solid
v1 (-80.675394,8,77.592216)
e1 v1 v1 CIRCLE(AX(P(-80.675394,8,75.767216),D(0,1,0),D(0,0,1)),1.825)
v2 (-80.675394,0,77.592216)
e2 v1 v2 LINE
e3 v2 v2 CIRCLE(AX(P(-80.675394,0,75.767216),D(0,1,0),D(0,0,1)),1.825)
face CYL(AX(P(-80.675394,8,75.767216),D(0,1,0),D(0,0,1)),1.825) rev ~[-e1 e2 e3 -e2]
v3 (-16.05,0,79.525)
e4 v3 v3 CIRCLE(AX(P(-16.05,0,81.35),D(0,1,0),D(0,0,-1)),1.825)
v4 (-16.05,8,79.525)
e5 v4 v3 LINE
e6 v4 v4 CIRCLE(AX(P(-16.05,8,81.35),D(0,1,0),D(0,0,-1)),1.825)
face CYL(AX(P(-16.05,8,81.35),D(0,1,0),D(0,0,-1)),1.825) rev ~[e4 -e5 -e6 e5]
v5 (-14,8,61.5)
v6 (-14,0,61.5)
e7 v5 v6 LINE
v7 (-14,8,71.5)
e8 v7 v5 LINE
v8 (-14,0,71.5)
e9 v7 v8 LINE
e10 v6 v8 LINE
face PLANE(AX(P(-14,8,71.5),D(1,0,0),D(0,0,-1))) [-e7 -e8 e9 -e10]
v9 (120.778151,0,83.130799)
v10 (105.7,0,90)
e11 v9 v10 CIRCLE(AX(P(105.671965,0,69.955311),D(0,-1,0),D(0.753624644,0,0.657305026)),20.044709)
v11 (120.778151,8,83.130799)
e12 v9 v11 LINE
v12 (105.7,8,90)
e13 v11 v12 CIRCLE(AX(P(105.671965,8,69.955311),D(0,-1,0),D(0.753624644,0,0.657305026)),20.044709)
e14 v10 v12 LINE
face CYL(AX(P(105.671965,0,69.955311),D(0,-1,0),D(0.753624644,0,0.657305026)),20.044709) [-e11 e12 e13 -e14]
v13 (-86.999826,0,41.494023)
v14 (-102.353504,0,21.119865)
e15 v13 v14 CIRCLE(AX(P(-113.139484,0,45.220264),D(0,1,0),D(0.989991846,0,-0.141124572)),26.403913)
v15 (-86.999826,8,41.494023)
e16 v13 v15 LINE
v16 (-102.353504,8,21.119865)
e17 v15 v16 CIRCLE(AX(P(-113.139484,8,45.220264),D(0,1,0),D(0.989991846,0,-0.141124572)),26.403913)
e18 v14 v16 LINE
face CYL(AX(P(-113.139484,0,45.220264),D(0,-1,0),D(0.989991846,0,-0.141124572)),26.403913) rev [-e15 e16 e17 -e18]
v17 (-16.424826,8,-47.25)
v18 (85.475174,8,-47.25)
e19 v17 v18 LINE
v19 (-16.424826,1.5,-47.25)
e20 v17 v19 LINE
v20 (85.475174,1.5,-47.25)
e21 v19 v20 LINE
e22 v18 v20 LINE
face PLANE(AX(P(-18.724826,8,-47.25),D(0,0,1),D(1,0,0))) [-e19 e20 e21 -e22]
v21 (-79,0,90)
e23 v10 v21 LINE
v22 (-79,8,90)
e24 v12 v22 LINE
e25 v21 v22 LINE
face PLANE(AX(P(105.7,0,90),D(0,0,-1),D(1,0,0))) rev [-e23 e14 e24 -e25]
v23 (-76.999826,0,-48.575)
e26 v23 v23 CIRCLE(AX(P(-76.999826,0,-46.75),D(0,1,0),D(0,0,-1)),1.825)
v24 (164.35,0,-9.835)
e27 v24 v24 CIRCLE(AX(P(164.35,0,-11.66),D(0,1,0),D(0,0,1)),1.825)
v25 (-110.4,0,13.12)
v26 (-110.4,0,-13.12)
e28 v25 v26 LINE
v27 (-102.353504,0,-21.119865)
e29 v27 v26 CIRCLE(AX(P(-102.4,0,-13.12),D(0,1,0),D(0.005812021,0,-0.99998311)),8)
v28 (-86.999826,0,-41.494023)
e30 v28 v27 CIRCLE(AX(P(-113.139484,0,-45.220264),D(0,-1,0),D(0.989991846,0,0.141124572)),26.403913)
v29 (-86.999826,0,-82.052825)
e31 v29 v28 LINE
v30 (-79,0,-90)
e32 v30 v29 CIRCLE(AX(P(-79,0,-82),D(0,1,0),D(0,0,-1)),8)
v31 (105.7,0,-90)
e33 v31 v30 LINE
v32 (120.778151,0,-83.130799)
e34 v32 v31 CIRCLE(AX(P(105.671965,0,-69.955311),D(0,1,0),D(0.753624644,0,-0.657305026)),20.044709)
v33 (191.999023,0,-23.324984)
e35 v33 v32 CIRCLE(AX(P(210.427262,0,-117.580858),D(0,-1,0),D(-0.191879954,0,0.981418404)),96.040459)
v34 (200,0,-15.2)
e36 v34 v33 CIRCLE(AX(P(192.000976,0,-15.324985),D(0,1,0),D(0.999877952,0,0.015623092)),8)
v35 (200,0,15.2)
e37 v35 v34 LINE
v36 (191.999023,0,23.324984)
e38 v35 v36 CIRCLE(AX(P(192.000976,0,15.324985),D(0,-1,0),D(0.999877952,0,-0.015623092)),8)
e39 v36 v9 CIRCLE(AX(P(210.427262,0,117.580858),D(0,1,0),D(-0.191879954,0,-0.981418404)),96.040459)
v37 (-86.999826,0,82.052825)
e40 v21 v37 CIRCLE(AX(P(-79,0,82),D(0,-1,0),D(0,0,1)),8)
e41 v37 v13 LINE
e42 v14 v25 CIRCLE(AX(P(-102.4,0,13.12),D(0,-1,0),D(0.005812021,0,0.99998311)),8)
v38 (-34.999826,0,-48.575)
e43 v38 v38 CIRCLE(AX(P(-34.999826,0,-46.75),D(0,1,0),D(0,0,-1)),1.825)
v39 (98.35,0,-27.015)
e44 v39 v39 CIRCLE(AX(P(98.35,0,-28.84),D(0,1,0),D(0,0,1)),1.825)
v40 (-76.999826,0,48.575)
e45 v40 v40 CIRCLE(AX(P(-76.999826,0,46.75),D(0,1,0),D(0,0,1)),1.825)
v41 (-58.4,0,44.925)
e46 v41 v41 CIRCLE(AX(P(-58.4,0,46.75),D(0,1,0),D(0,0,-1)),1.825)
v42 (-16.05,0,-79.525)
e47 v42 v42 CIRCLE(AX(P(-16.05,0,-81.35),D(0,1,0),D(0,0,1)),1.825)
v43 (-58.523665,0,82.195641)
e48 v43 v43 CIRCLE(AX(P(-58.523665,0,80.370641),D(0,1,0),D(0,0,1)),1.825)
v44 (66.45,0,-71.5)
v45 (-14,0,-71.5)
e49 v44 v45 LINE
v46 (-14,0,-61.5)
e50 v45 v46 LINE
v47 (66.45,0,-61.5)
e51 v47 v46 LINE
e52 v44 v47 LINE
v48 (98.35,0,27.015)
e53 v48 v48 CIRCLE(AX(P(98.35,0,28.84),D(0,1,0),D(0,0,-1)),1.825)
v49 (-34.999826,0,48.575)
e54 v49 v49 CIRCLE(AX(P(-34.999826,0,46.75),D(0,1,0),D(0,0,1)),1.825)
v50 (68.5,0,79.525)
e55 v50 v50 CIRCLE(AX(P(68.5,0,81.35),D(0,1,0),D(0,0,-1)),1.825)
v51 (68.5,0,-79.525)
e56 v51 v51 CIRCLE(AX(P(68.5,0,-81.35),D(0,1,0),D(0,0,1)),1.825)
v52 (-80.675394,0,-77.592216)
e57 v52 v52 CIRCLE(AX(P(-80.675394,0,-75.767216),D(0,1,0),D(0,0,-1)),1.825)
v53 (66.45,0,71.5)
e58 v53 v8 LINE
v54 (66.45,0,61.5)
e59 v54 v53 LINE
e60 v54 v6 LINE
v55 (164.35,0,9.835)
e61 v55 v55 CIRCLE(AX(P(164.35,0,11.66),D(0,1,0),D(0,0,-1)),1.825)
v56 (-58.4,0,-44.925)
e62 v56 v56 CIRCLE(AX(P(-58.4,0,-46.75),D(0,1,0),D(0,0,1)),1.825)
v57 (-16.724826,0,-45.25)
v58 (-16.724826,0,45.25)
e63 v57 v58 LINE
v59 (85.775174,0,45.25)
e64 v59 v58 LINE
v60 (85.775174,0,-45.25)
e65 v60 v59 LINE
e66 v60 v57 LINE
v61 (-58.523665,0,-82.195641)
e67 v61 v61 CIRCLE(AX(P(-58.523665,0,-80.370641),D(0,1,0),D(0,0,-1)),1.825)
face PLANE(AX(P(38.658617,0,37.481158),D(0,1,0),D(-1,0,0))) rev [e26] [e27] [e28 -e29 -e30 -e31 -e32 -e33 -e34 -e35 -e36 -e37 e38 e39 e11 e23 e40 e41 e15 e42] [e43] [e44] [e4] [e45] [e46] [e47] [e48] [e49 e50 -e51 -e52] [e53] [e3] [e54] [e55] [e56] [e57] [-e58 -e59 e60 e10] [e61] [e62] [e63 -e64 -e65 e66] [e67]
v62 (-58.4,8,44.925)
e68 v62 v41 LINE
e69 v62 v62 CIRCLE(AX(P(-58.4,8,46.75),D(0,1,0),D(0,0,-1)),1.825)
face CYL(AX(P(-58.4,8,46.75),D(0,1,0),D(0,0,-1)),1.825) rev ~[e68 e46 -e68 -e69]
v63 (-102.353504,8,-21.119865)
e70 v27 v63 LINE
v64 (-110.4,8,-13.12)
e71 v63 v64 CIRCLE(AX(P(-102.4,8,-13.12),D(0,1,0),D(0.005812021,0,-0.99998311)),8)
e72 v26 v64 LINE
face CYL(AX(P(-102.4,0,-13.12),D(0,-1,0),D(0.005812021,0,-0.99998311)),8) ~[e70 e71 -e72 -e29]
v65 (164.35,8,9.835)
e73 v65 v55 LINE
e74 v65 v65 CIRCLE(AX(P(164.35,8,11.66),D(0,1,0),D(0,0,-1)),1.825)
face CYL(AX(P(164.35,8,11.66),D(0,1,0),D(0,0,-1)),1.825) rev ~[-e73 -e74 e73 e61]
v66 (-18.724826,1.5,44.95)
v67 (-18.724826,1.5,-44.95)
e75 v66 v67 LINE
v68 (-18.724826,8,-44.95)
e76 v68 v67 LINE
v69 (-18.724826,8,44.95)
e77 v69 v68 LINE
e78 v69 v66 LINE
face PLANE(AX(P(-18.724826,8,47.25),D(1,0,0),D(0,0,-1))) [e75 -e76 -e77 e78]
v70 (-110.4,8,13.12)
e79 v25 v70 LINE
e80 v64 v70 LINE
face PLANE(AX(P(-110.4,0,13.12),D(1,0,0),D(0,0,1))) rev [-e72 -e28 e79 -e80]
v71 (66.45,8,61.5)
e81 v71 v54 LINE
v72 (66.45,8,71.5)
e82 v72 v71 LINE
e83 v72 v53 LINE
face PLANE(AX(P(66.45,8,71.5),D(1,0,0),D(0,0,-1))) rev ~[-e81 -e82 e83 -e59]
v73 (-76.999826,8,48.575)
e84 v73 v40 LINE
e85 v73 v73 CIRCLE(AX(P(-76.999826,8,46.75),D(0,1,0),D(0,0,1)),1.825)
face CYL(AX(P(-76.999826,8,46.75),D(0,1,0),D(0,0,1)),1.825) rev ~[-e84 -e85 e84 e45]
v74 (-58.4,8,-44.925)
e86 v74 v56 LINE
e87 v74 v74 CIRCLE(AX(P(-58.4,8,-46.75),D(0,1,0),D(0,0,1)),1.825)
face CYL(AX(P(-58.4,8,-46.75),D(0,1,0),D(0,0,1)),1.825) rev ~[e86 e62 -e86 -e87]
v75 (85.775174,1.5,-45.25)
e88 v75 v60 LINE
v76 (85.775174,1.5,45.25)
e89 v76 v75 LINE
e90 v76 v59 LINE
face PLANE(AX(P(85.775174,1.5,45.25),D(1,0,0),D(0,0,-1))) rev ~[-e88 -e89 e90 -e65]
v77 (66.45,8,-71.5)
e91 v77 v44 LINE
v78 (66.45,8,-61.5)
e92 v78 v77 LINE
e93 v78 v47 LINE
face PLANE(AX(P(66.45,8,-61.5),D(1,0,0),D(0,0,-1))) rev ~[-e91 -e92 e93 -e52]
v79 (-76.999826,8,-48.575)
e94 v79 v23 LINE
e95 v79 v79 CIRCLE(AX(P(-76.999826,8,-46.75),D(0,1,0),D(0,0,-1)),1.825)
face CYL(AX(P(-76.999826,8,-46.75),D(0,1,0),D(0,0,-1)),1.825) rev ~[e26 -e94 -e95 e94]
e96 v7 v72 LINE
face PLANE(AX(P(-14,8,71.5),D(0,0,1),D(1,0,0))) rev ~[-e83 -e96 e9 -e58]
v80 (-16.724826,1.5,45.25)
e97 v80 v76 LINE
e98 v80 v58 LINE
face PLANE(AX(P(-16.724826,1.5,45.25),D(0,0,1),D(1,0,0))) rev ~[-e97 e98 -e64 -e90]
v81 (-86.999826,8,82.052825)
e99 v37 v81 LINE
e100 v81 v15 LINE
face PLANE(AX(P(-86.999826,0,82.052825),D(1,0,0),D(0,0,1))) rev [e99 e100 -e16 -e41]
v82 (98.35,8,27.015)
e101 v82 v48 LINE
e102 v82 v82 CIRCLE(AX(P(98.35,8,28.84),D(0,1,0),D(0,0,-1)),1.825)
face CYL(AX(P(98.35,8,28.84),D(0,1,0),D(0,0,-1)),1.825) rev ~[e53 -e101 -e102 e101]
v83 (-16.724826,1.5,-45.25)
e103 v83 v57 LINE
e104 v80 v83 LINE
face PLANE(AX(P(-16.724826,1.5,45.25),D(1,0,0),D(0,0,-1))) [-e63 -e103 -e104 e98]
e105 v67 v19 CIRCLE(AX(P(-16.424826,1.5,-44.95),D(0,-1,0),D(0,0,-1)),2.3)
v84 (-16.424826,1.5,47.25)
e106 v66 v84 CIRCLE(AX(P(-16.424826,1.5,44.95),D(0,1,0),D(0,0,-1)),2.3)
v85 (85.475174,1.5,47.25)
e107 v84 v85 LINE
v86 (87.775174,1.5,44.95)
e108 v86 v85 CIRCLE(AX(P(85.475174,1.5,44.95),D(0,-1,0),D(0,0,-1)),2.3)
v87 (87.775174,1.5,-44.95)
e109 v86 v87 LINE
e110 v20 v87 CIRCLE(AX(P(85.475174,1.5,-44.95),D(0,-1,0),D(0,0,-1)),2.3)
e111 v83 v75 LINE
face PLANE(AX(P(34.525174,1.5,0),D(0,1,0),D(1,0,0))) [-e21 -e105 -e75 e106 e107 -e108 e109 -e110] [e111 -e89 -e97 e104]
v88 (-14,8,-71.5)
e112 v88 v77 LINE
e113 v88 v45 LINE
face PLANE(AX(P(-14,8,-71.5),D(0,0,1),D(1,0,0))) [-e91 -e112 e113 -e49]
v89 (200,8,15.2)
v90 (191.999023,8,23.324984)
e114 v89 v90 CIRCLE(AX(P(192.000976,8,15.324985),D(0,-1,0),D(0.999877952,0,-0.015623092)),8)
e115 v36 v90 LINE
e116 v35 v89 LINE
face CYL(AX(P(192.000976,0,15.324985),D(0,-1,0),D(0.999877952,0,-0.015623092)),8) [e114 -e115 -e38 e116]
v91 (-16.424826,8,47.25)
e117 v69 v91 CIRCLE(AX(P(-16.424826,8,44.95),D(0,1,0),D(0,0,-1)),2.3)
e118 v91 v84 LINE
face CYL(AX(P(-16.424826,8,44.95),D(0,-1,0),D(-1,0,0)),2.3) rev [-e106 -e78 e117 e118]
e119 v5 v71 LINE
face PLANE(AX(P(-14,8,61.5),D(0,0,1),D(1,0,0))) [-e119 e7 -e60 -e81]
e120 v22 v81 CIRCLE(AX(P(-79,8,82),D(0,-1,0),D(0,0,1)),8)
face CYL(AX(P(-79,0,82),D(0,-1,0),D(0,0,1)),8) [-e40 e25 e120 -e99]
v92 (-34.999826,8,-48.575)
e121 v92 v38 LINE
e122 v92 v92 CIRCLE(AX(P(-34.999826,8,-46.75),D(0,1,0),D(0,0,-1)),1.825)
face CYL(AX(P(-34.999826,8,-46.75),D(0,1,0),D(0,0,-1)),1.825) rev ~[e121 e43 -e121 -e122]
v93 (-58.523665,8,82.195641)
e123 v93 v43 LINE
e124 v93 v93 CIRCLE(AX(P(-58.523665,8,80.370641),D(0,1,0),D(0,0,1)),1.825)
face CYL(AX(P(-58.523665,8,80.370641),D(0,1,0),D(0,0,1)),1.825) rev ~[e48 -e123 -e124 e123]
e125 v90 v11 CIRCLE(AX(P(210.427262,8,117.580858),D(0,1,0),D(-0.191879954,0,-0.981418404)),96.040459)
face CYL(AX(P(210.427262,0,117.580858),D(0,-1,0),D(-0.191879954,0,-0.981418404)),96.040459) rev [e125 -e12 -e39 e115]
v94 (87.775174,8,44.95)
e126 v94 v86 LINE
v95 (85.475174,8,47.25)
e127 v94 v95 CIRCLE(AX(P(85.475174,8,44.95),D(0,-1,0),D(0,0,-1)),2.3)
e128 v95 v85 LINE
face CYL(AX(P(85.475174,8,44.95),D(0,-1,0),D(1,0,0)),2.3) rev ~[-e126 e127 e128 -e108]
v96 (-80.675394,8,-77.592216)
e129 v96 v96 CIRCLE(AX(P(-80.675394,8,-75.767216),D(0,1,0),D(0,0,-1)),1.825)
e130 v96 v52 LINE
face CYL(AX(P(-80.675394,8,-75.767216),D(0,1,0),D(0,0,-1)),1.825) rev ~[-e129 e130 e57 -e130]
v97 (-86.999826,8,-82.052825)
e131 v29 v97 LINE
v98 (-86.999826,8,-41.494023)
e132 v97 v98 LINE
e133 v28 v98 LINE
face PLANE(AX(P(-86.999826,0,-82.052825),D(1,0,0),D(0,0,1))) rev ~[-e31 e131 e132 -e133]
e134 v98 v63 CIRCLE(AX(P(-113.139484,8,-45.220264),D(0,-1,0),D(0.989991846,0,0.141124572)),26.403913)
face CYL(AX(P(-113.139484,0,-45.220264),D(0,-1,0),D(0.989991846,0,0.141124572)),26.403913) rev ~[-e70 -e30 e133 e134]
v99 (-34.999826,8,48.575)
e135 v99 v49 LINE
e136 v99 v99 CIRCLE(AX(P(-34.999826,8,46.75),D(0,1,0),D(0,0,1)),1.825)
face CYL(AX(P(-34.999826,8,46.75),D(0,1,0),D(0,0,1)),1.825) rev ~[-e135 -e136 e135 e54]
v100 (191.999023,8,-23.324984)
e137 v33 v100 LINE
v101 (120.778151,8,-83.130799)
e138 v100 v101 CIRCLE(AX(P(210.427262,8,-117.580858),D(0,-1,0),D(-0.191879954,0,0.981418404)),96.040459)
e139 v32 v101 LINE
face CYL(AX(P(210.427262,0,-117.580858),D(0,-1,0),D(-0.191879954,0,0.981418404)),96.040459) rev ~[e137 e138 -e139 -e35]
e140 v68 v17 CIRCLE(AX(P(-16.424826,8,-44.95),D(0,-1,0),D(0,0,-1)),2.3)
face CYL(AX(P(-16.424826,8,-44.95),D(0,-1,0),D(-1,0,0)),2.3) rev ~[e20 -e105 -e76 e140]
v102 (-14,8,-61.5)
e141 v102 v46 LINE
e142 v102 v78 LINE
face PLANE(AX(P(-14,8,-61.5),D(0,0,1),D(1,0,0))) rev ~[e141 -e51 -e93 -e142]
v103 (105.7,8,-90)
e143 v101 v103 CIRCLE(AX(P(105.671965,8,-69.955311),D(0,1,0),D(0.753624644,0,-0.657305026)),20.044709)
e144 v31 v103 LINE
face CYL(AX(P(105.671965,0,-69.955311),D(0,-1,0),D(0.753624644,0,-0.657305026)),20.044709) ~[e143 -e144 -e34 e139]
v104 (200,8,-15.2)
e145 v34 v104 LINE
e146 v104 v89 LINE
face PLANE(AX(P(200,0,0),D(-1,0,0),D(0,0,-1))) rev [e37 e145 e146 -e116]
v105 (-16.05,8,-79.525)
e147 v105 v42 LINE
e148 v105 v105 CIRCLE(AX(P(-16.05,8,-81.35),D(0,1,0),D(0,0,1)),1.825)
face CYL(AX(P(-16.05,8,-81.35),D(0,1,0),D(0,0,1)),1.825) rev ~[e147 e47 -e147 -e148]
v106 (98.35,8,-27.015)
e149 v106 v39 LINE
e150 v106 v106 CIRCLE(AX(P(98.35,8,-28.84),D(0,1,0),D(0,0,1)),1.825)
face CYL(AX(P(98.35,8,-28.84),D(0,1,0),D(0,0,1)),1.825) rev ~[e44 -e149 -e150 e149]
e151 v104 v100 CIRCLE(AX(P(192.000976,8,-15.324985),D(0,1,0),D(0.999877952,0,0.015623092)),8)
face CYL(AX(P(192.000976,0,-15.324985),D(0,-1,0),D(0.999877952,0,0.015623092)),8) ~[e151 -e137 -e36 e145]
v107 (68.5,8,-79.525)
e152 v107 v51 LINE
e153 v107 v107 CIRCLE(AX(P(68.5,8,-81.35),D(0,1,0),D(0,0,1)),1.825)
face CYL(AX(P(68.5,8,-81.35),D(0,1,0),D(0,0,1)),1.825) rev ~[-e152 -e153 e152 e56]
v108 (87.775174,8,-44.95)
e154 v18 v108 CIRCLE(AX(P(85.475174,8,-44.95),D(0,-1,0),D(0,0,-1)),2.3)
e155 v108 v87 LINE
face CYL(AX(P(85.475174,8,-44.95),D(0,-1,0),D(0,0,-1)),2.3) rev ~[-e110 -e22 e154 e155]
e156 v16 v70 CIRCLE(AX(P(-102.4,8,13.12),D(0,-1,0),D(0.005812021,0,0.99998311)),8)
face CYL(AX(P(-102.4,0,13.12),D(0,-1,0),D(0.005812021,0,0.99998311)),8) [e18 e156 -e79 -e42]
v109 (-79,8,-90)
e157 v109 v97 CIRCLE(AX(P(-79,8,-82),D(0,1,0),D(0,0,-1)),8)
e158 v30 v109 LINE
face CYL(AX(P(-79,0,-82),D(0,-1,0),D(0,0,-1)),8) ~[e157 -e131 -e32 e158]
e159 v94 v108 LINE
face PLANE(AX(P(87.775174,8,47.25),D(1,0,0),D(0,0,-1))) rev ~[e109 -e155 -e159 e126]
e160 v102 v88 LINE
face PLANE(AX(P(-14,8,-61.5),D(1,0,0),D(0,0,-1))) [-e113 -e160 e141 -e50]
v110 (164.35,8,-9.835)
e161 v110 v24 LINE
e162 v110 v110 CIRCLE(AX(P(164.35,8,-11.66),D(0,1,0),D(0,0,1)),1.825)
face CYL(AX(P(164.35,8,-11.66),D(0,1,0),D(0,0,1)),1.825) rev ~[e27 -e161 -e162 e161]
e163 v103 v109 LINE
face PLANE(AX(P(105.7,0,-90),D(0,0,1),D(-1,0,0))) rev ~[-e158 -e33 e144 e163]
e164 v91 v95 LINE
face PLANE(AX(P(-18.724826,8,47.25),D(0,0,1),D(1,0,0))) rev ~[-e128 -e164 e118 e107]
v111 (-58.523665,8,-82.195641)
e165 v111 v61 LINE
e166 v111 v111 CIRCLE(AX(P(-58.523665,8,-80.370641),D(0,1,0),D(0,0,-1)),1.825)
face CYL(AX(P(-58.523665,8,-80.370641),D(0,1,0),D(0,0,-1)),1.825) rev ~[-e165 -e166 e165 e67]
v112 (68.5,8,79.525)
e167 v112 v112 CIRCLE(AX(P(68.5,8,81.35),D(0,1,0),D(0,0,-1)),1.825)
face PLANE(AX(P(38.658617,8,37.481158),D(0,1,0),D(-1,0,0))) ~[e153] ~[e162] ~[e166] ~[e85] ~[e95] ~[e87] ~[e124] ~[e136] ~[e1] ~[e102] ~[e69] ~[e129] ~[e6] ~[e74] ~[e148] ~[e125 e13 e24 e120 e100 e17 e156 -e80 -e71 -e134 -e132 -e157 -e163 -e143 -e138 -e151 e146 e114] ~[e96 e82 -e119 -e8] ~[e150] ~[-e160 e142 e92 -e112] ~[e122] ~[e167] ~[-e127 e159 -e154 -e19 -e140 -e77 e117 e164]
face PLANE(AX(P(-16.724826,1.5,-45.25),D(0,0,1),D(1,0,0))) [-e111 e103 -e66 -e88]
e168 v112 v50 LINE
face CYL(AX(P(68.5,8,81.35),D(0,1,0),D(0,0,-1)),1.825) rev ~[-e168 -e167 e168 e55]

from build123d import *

# Parameters (mm, degrees)
SALIENTE_EXTRUIR1_DEPTH = 8
CROQUIS2_R              = 1.825
CROQUIS2_W              = 80.45
CROQUIS2_H              = 10
CORTAR_EXTRUIR1_DEPTH   = 220.463870727
CROQUIS3_R              = 1.825
CORTAR_EXTRUIR2_DEPTH   = 220.463870727
CROQUIS4_W              = 106.5
CROQUIS4_H              = 94.5
CORTAR_EXTRUIR3_DEPTH   = 6.5
REDONDEO1_R             = 2.3
CROQUIS5_R              = 1.825
CORTAR_EXTRUIR4_DEPTH   = 220.463870727
CROQUIS6_W              = 102.5
CROQUIS6_H              = 90.5
CORTAR_EXTRUIR5_DEPTH   = 220.414312556
CROQUIS9_R              = 1.825
CORTAR_EXTRUIR7_DEPTH   = 220.463870727
CROQUIS11_R             = 1.825
CORTAR_EXTRUIR8_DEPTH   = 220.463870727


with BuildPart() as part:
    # Croquis1 → Saliente-Extruir1 (new body)
    with BuildSketch(Plane(origin=(0, 0, 0), x_dir=(1, 0, 0), z_dir=(0, 1, 0))):
        with BuildLine():
            Line((0, 0), (200, 0))
            Line((200, 0), (200, 15.2))
            ThreePointArc((200, 15.2), (197.701163079, 20.938172036), (191.9990235, 23.3249845))
            ThreePointArc((191.9990235, 23.3249845), (148.666739026, 44.032184001), (120.7781513, 83.1307986))
            ThreePointArc((120.7781513, 83.1307986), (113.982057966, 88.196272982), (105.7, 90))
            Line((105.7, 90), (0, 90))
            Line((0, 90), (-79, 90))
            ThreePointArc((-79, 90), (-84.638146896, 87.675499941), (-86.999825594, 82.052824894))
            Line((-86.999825594, 82.052824894), (-86.999825594, 41.494023494))
            ThreePointArc((-86.999825594, 41.494023494), (-92.052704294, 29.329564667), (-102.353503833, 21.119864881))
            ThreePointArc((-102.353503833, 21.119864881), (-108.040391417, 18.79326931), (-110.4, 13.12))
            Line((-110.4, 13.12), (-110.4, 0))
            Line((-110.4, 0), (0, 0))
        make_face()
    extrude(amount=SALIENTE_EXTRUIR1_DEPTH)

    # Simetría2: part across plane


with BuildPart() as part_1:
    add(part.part)
    add(part.part.mirror(Plane(origin=(0, 8, 0), x_dir=(1, 0, 0), z_dir=(0, 0, -1))))

    # Croquis2 → Cortar-Extruir1 (cut, through all)
    with BuildSketch(Plane(origin=(0, 8, 0), x_dir=(1, 0, 0), z_dir=(0, 1, 0))):
        with Locations(Location((68.5, 81.35, 0), (0, 0, 270))):
            Circle(CROQUIS2_R)
        with Locations(Location((-16.05, 81.35, 0), (0, 0, 270))):
            Circle(CROQUIS2_R)
        with Locations(Location((68.5, -81.35, 0), (0, 0, 90))):
            Circle(CROQUIS2_R)
        with Locations(Location((-16.05, -81.35, 0), (0, 0, 90))):
            Circle(CROQUIS2_R)
        with Locations((26.225, -66.5)):
            Rectangle(CROQUIS2_W, CROQUIS2_H)
        with Locations((26.225, 66.5)):
            Rectangle(CROQUIS2_W, CROQUIS2_H)
    extrude(amount=-CORTAR_EXTRUIR1_DEPTH, mode=Mode.SUBTRACT)

    # Croquis3 → Cortar-Extruir2 (cut, through all)
    with BuildSketch(Plane(origin=(0, 8, 0), x_dir=(1, 0, 0), z_dir=(0, 1, 0))):
        with Locations(Location((-76.999825594, -46.75, 0), (0, 0, 270))):
            Circle(CROQUIS3_R)
        with Locations(Location((-34.999825594, -46.75, 0), (0, 0, 270))):
            Circle(CROQUIS3_R)
        with Locations(Location((-34.999825594, 46.75, 0), (0, 0, 90))):
            Circle(CROQUIS3_R)
        with Locations(Location((-76.999825594, 46.75, 0), (0, 0, 90))):
            Circle(CROQUIS3_R)
    extrude(amount=-CORTAR_EXTRUIR2_DEPTH, mode=Mode.SUBTRACT)

    # Croquis4 → Cortar-Extruir3 (cut)
    with BuildSketch(Plane(origin=(0, 8, 0), x_dir=(1, 0, 0), z_dir=(0, 1, 0))):
        with Locations((34.525174406, 0)):
            Rectangle(CROQUIS4_W, CROQUIS4_H)
    extrude(amount=-CORTAR_EXTRUIR3_DEPTH, mode=Mode.SUBTRACT)

    # Redondeo1
    redondeo1_edges = [part_1.edges().sort_by_distance(p)[0] for p in [
        (87.775174406, 4.75, -47.25),
        (87.775174406, 4.75, 47.25),
        (-18.724825594, 4.75, 47.25),
        (-18.724825594, 4.75, -47.25),
    ]]
    fillet(redondeo1_edges, radius=REDONDEO1_R)

    # Croquis5 → Cortar-Extruir4 (cut, through all)
    with BuildSketch(Plane(origin=(0, 8, 0), x_dir=(1, 0, 0), z_dir=(0, 1, 0))):
        with Locations(Location((98.35, 28.84, 0), (0, 0, 270))):
            Circle(CROQUIS5_R)
        with Locations(Location((98.35, -28.84, 0), (0, 0, 90))):
            Circle(CROQUIS5_R)
        with Locations(Location((164.35, 11.66, 0), (0, 0, 270))):
            Circle(CROQUIS5_R)
        with Locations(Location((164.35, -11.66, 0), (0, 0, 90))):
            Circle(CROQUIS5_R)
    extrude(amount=-CORTAR_EXTRUIR4_DEPTH, mode=Mode.SUBTRACT)

    # Croquis6 → Cortar-Extruir5 (cut, through all)
    with BuildSketch(Plane(origin=(0, 1.5, 0), x_dir=(1, 0, 0), z_dir=(0, 1, 0))):
        with Locations((34.525174406, 0)):
            Rectangle(CROQUIS6_W, CROQUIS6_H)
    extrude(amount=-CORTAR_EXTRUIR5_DEPTH, mode=Mode.SUBTRACT)

    # Croquis9 → Cortar-Extruir7 (cut, through all)
    with BuildSketch(Plane(origin=(0, 8, 0), x_dir=(1, 0, 0), z_dir=(0, 1, 0))):
        with Locations(Location((-80.675393895, -75.767215538, 0), (0, 0, 270))):
            Circle(CROQUIS9_R)
        with Locations(Location((-58.52366486, -80.370640978, 0), (0, 0, 270))):
            Circle(CROQUIS9_R)
        with Locations(Location((-58.52366486, 80.370640978, 0), (0, 0, 90))):
            Circle(CROQUIS9_R)
        with Locations(Location((-80.675393895, 75.767215538, 0), (0, 0, 90))):
            Circle(CROQUIS9_R)
    extrude(amount=-CORTAR_EXTRUIR7_DEPTH, mode=Mode.SUBTRACT)

    # Croquis11 → Cortar-Extruir8 (cut, through all)
    with BuildSketch(Plane(origin=(0, 8, 0), x_dir=(1, 0, 0), z_dir=(0, 1, 0))):
        with Locations(Location((-58.4, 46.75, 0), (0, 0, 270))):
            Circle(CROQUIS11_R)
        with Locations(Location((-58.4, -46.75, 0), (0, 0, 90))):
            Circle(CROQUIS11_R)
    extrude(amount=-CORTAR_EXTRUIR8_DEPTH, mode=Mode.SUBTRACT)


solid = part_1.part
